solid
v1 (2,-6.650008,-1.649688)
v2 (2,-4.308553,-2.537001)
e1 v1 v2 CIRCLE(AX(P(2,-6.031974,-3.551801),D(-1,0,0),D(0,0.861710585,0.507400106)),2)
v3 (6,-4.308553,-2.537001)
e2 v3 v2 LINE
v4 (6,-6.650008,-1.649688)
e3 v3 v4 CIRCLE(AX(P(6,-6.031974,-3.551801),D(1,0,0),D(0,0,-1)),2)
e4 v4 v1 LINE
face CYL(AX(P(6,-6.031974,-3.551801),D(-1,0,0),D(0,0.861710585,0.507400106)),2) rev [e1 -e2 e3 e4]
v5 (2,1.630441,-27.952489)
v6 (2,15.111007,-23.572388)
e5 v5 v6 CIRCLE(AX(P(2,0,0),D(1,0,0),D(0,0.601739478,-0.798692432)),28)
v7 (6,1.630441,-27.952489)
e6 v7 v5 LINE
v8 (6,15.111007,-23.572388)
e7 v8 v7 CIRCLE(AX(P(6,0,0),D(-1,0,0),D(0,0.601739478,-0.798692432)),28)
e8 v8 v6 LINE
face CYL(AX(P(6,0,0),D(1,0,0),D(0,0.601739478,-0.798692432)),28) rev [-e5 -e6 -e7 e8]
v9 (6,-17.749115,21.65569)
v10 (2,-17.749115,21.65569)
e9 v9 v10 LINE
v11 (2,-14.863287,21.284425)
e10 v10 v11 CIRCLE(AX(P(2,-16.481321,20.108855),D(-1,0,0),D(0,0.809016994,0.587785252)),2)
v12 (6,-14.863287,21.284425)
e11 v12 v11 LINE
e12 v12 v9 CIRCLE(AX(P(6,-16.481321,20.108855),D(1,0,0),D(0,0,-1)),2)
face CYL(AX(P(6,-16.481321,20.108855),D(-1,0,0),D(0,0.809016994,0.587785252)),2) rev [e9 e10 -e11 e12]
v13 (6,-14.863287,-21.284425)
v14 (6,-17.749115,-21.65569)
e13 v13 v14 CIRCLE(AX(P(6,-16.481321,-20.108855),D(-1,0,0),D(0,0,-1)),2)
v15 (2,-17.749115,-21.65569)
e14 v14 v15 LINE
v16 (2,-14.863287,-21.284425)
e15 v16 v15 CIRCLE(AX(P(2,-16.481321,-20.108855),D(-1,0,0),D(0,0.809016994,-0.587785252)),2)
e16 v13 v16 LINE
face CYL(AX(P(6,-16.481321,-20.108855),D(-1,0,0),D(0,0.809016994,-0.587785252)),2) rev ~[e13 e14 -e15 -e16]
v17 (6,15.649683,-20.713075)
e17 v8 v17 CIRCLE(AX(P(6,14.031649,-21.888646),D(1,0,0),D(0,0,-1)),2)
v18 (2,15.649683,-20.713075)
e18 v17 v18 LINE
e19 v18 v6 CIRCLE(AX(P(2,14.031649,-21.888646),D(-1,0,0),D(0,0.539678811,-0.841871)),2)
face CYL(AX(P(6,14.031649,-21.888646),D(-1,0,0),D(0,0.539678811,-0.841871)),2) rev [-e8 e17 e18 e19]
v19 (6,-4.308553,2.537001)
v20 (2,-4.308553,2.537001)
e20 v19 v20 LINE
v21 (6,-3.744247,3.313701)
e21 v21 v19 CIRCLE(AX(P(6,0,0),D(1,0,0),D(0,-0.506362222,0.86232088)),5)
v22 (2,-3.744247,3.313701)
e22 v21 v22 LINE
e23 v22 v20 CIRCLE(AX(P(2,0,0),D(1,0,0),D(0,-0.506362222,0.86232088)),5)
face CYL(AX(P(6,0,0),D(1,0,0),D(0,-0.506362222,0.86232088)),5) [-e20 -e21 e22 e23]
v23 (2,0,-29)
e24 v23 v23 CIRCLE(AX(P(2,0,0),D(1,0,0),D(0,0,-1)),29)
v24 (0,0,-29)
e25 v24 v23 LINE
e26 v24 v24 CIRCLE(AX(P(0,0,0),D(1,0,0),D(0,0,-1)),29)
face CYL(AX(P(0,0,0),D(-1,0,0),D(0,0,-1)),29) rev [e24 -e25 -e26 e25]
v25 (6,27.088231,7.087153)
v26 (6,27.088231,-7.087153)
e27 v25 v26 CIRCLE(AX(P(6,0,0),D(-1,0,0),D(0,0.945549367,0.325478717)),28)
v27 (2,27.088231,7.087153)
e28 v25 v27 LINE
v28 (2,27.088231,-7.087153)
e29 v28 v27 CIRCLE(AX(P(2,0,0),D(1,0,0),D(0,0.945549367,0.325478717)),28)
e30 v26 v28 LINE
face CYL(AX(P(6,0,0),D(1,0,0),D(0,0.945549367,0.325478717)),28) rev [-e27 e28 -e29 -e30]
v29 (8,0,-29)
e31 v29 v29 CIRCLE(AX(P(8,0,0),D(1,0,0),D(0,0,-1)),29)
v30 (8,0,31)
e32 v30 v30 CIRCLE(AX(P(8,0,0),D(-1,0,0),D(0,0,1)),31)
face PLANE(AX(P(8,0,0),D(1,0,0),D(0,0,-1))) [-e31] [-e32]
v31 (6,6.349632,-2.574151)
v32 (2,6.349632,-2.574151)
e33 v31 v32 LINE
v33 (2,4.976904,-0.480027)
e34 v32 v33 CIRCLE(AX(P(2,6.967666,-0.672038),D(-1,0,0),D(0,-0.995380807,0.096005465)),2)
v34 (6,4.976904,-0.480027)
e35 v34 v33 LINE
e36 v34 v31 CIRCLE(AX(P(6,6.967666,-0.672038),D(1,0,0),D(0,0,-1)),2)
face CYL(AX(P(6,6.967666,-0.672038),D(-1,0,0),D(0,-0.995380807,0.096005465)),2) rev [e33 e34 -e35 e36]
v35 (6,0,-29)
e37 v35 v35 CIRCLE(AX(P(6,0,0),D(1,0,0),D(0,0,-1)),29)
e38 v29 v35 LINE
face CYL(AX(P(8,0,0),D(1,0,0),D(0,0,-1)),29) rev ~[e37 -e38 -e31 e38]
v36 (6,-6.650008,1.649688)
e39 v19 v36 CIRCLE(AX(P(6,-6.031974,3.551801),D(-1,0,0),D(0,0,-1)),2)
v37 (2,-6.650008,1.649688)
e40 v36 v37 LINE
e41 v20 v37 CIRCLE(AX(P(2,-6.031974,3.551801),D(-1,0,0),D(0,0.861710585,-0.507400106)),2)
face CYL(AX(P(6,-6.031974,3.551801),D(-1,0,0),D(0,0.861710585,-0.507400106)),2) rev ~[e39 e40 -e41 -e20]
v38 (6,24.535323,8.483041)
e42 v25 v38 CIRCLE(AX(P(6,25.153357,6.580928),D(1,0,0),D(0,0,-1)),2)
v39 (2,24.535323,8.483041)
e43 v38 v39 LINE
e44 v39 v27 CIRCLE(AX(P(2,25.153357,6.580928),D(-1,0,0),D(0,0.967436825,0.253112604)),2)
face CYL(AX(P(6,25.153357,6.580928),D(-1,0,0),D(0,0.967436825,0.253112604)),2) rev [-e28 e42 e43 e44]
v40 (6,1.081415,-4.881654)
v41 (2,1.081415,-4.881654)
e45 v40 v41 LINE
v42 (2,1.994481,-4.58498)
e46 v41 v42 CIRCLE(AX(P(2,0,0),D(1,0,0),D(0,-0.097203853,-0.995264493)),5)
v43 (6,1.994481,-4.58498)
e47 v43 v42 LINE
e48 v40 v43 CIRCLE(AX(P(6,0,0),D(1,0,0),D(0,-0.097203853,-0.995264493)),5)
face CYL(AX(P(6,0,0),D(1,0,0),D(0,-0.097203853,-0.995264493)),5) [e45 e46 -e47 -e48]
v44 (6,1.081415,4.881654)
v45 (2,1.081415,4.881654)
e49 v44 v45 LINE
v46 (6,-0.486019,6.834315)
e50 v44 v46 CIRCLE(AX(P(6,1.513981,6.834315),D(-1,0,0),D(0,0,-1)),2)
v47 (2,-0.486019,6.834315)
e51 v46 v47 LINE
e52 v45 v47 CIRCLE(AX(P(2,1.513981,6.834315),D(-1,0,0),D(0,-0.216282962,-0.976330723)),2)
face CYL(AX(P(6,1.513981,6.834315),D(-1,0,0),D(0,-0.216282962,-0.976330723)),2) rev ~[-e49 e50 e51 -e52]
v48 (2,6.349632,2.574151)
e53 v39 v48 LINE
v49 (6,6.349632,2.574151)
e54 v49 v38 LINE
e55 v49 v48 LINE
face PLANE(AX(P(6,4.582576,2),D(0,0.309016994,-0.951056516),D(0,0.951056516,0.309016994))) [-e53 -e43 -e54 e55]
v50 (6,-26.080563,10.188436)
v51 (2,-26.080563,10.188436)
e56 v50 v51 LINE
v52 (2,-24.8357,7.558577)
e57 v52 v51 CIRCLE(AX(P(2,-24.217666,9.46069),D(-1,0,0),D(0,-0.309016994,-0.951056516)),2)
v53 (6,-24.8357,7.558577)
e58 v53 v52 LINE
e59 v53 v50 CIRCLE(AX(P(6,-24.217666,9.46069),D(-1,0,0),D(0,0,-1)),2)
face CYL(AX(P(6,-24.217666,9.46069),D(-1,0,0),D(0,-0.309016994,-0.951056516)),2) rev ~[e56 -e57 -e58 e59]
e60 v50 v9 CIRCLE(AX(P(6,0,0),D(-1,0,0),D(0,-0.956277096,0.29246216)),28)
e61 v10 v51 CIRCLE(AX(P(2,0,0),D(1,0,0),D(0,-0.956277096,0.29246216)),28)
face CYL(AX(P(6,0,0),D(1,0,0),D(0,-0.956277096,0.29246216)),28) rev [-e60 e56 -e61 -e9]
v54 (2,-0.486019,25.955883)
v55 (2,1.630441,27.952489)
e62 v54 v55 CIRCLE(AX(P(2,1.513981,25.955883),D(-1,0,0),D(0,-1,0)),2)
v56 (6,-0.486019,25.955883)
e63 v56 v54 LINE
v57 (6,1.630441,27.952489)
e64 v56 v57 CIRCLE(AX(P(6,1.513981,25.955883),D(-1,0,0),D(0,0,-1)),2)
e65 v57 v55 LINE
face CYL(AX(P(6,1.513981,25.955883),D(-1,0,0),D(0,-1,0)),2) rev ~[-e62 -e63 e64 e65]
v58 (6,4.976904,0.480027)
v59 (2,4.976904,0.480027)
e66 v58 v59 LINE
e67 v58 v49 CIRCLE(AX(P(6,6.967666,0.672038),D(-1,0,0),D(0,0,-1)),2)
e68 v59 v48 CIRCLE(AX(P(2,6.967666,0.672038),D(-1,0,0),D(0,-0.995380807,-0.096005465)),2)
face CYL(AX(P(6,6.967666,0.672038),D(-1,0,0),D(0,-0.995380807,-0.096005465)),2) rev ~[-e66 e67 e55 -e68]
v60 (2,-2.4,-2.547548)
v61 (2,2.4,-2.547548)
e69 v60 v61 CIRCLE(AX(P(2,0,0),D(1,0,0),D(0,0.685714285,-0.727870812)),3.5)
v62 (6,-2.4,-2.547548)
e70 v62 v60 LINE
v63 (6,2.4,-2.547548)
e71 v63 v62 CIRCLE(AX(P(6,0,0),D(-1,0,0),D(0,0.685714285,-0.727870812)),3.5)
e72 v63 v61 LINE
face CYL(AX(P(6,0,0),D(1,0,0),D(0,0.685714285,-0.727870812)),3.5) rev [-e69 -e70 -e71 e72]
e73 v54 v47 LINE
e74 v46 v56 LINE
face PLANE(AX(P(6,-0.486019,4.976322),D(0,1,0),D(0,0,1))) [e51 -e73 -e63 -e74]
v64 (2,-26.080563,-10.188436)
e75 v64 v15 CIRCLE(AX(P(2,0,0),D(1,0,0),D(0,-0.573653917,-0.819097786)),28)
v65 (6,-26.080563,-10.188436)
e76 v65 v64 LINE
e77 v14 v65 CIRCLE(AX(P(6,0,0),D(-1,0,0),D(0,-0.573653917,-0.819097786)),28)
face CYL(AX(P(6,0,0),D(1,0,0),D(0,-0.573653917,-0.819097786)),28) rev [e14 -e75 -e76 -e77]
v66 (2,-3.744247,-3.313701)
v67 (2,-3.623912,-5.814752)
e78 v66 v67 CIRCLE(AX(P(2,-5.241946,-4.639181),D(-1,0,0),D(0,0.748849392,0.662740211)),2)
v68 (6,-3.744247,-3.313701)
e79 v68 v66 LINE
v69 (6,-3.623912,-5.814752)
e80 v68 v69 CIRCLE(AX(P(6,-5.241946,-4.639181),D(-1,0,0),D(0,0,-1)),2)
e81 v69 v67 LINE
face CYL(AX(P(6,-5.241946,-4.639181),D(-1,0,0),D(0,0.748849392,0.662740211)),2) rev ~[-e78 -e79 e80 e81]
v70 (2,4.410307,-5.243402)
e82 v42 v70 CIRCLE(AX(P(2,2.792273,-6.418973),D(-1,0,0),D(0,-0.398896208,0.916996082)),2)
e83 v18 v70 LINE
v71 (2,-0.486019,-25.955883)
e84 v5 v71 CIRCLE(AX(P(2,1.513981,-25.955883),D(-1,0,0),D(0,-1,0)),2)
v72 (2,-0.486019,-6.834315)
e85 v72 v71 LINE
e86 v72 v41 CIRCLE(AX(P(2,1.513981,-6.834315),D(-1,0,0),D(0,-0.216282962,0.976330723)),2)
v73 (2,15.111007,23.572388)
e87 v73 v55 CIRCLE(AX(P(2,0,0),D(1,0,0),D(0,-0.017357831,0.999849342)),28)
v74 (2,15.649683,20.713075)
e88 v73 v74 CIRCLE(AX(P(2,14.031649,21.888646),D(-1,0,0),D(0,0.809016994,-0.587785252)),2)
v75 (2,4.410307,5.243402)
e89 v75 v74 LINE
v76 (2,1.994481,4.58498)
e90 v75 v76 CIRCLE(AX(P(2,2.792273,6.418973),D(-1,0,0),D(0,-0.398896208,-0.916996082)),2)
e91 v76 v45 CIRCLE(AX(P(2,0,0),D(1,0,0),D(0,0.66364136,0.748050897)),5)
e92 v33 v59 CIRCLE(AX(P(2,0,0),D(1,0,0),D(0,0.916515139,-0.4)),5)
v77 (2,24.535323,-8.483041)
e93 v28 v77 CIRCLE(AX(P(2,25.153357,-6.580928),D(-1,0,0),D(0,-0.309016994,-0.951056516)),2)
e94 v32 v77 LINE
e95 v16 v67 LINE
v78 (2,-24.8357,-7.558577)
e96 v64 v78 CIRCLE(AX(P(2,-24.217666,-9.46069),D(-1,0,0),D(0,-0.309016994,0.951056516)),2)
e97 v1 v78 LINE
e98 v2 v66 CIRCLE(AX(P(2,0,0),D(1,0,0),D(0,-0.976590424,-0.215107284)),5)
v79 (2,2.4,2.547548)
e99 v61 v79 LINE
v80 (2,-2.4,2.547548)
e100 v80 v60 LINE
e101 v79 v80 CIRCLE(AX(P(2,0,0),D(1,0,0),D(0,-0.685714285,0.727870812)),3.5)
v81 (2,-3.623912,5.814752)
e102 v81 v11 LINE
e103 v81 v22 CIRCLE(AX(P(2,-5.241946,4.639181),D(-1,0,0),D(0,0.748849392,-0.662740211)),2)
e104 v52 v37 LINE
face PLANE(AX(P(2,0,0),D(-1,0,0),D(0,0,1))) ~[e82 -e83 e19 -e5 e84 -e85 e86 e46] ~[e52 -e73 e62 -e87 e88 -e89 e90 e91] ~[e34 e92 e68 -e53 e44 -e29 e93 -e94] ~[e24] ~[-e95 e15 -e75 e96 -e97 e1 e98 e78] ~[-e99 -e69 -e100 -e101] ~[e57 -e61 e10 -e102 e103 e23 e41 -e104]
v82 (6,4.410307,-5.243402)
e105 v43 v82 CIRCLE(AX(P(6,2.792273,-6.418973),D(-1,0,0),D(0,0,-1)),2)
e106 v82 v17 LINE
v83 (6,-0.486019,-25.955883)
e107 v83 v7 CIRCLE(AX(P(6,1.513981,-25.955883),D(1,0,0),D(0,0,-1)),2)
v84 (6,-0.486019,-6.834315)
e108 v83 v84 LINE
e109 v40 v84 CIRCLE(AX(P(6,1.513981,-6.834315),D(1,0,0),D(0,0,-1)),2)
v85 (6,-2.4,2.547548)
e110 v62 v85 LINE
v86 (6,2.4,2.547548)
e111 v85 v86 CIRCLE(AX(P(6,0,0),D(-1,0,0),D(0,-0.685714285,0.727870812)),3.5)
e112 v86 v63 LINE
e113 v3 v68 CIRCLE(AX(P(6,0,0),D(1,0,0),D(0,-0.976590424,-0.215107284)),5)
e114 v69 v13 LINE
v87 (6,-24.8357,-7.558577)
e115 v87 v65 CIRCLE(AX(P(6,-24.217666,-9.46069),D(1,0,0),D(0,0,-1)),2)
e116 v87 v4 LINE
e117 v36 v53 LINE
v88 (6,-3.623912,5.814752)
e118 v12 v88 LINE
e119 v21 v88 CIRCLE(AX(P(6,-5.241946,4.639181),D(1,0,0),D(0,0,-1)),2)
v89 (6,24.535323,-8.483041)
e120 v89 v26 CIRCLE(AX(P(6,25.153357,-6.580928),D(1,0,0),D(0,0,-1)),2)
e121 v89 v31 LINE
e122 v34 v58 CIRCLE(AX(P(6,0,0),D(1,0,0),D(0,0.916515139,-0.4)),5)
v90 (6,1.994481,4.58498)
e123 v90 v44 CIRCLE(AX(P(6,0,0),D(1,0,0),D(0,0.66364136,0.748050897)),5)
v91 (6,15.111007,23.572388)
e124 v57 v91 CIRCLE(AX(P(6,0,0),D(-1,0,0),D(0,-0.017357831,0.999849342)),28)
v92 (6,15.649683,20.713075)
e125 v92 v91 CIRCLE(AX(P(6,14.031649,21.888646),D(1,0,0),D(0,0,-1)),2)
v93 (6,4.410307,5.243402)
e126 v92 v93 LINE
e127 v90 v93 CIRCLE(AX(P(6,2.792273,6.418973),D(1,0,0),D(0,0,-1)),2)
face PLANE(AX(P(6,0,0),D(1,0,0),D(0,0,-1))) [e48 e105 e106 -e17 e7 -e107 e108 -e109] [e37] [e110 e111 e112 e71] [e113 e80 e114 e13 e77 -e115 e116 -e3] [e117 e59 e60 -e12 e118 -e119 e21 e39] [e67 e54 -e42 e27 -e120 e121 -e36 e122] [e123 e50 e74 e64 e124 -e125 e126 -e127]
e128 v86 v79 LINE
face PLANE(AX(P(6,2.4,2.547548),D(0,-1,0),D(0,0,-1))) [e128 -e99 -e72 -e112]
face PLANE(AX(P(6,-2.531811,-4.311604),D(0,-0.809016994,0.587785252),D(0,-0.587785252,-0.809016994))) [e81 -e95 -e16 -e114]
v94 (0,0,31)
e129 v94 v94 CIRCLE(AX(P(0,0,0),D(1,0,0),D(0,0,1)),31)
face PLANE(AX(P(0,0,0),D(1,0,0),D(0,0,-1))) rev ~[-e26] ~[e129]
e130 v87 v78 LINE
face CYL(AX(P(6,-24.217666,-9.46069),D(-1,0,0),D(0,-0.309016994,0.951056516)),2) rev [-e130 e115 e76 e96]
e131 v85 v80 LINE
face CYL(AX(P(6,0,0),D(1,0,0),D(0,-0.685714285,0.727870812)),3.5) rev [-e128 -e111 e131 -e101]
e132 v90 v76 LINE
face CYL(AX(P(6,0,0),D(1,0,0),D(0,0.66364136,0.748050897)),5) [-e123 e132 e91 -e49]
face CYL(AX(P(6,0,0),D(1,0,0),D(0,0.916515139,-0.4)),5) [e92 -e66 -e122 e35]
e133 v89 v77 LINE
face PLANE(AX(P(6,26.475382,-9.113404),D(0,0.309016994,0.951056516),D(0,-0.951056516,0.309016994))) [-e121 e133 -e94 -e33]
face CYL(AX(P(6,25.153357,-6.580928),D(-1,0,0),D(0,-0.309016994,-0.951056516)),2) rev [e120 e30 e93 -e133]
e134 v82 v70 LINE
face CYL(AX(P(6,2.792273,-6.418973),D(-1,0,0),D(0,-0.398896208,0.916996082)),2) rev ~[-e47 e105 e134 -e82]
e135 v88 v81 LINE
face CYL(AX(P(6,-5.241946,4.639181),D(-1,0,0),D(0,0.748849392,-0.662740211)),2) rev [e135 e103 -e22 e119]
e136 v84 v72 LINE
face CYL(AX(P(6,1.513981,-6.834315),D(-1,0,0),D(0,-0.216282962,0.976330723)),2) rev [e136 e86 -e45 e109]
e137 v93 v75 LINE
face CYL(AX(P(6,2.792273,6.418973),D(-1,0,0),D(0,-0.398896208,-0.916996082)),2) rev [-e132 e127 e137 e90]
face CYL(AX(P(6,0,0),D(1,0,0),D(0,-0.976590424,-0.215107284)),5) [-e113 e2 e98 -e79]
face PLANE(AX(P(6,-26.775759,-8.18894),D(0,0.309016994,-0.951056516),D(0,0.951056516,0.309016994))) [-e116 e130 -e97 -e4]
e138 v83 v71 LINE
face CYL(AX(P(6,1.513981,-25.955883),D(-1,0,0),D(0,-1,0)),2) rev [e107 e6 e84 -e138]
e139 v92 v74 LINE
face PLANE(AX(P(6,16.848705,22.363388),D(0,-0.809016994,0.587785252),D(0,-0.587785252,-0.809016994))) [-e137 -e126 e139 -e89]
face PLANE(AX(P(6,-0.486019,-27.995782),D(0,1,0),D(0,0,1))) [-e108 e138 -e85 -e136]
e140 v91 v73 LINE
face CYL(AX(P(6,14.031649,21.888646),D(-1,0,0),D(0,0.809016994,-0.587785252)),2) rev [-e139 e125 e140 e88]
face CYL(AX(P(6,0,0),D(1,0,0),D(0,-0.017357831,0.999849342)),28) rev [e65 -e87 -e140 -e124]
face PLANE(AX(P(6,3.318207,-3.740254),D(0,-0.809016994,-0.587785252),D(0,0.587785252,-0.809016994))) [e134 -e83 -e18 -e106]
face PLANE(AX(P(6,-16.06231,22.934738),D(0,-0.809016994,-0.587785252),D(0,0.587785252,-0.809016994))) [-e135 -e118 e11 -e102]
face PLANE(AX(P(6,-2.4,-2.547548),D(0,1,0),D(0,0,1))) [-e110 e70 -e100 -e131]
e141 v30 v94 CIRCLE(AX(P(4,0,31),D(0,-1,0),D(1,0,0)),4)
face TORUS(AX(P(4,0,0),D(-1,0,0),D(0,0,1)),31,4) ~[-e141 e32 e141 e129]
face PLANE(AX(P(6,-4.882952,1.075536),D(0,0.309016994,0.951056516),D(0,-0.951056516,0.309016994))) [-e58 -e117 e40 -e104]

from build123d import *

# Parameters (mm, degrees)
SKETCH1_R                = 31
BOSS_EXTRUDE1_DEPTH      = 8
SKETCH3_R                = 29
CUT_EXTRUDE1_DEPTH       = 2
CUT_EXTRUDE2_DEPTH       = 45.24929378
FILLET2_R                = 2
CIRPATTERN1_COUNT        = 5
FILLET2_OF_CIRPATTERN1_R = 2
CUT_EXTRUDE3_REACH       = 46.249


with BuildPart() as part:
    # Sketch1 → Boss-Extrude1 (new body)
    with BuildSketch(Plane(origin=(0, 0, 0), x_dir=(0, 0, -1), z_dir=(1, 0, 0))):
        Circle(SKETCH1_R)
    extrude(amount=BOSS_EXTRUDE1_DEPTH)

    # Sketch3 → Cut-Extrude1 (cut)
    with BuildSketch(Plane(origin=(8, 0, 0), x_dir=(0, 0, -1), z_dir=(1, 0, 0))):
        Circle(SKETCH3_R)
    cut_extrude1 = extrude(amount=-CUT_EXTRUDE1_DEPTH, mode=Mode.SUBTRACT)

    # Sketch4 → Cut-Extrude2 (cut, through all)
    with BuildSketch(Plane(origin=(6, 0, 0), x_dir=(0, 0, -1), z_dir=(1, 0, 0))):
        with BuildLine():
            Line((-2, 4.582575695), (-9.113404062, 26.475382271))
            ThreePointArc((-9.113404062, 26.475382271), (0, 28), (9.113404062, 26.475382271))
            Line((9.113404062, 26.475382271), (2, 4.582575695))
            ThreePointArc((2, 4.582575695), (0, 5), (-2, 4.582575695))
        make_face()
    cut_extrude2 = extrude(amount=-CUT_EXTRUDE2_DEPTH, mode=Mode.SUBTRACT)

    # Fillet2
    fillet2_edges = [part.edges().sort_by_distance(p)[0] for p in [
        (3, 4.582575695, -2),
        (3, 4.582575695, 2),
        (3, 26.475382271, 9.113404062),
        (3, 26.475382271, -9.113404062),
    ]]
    fillet(fillet2_edges, radius=FILLET2_R)

    # CirPattern1: Cut-Extrude2 ×5 about axis
    cirpattern1_axis = Axis((0, 0, 0), (1, 0, 0))
    for i in range(1, CIRPATTERN1_COUNT):
        add(cut_extrude2.rotate(cirpattern1_axis, i * 360 / CIRPATTERN1_COUNT), mode=Mode.SUBTRACT)

    # Fillet2 of CirPattern1
    fillet2_of_cirpattern1_edges = [part.edges().sort_by_distance(p)[0] for p in [
        (3, 3.3182068, 3.740254487),
        (3, -0.486019265, 4.976322465),
        (3, -0.486019265, 27.995781562),
        (3, 16.848705373, 22.363388098),
        (3, -2.531811111, 4.3116044),
        (3, -4.88295212, 1.075536422),
        (3, -26.775758696, 8.188940485),
        (3, -16.062309684, 22.934738011),
        (3, -4.88295212, -1.075536422),
        (3, -2.531811111, -4.3116044),
        (3, -16.062309684, -22.934738011),
        (3, -26.775758696, -8.188940485),
        (3, -0.486019265, -4.976322465),
        (3, 3.3182068, -3.740254487),
        (3, 16.848705373, -22.363388098),
        (3, -0.486019265, -27.995781562),
    ]]
    fillet(fillet2_of_cirpattern1_edges, radius=FILLET2_OF_CIRPATTERN1_R)

    # Mirror1: Cut-Extrude1 across plane
    add(cut_extrude1.mirror(Plane(origin=(4, 0, 0), x_dir=(0, 0, 1), z_dir=(1, 0, 0))), mode=Mode.SUBTRACT)

    # Sketch5 → Cut-Extrude3 (cut, up to next)
    with BuildSketch(Plane(origin=(6, 0, 0), x_dir=(0, 0, -1), z_dir=(1, 0, 0)), mode=Mode.PRIVATE) as cut_extrude3_sk1:
        with BuildLine():
            Line((-2.547547841, 2.4), (2.547547841, 2.4))
            ThreePointArc((2.547547841, 2.4), (3.5, 0), (2.547547841, -2.4))
            Line((2.547547841, -2.4), (-2.547547841, -2.4))
            ThreePointArc((-2.547547841, -2.4), (-3.5, 0), (-2.547547841, 2.4))
        make_face()
    cut_extrude3_tool1 = extrude(cut_extrude3_sk1.sketch, amount=-CUT_EXTRUDE3_REACH, mode=Mode.PRIVATE) & part.part
    add(cut_extrude3_tool1.solids().sort_by_distance((6, 0, 0))[0], mode=Mode.SUBTRACT)

    # Sketch6 → Revolve1 (revolve)
    with BuildSketch(Plane.XY, mode=Mode.PRIVATE) as revolve1_sk:
        with BuildLine():
            Line((0, 31), (8, 31))
            ThreePointArc((8, 31), (4, 35), (0, 31))
        make_face()
    revolve(revolve1_sk.sketch.rotate(Axis((-0.381, 0, 0), (1, 0, 0)), 90), axis=Axis((-0.381, 0, 0), (1, 0, 0)))


solid = part.part
